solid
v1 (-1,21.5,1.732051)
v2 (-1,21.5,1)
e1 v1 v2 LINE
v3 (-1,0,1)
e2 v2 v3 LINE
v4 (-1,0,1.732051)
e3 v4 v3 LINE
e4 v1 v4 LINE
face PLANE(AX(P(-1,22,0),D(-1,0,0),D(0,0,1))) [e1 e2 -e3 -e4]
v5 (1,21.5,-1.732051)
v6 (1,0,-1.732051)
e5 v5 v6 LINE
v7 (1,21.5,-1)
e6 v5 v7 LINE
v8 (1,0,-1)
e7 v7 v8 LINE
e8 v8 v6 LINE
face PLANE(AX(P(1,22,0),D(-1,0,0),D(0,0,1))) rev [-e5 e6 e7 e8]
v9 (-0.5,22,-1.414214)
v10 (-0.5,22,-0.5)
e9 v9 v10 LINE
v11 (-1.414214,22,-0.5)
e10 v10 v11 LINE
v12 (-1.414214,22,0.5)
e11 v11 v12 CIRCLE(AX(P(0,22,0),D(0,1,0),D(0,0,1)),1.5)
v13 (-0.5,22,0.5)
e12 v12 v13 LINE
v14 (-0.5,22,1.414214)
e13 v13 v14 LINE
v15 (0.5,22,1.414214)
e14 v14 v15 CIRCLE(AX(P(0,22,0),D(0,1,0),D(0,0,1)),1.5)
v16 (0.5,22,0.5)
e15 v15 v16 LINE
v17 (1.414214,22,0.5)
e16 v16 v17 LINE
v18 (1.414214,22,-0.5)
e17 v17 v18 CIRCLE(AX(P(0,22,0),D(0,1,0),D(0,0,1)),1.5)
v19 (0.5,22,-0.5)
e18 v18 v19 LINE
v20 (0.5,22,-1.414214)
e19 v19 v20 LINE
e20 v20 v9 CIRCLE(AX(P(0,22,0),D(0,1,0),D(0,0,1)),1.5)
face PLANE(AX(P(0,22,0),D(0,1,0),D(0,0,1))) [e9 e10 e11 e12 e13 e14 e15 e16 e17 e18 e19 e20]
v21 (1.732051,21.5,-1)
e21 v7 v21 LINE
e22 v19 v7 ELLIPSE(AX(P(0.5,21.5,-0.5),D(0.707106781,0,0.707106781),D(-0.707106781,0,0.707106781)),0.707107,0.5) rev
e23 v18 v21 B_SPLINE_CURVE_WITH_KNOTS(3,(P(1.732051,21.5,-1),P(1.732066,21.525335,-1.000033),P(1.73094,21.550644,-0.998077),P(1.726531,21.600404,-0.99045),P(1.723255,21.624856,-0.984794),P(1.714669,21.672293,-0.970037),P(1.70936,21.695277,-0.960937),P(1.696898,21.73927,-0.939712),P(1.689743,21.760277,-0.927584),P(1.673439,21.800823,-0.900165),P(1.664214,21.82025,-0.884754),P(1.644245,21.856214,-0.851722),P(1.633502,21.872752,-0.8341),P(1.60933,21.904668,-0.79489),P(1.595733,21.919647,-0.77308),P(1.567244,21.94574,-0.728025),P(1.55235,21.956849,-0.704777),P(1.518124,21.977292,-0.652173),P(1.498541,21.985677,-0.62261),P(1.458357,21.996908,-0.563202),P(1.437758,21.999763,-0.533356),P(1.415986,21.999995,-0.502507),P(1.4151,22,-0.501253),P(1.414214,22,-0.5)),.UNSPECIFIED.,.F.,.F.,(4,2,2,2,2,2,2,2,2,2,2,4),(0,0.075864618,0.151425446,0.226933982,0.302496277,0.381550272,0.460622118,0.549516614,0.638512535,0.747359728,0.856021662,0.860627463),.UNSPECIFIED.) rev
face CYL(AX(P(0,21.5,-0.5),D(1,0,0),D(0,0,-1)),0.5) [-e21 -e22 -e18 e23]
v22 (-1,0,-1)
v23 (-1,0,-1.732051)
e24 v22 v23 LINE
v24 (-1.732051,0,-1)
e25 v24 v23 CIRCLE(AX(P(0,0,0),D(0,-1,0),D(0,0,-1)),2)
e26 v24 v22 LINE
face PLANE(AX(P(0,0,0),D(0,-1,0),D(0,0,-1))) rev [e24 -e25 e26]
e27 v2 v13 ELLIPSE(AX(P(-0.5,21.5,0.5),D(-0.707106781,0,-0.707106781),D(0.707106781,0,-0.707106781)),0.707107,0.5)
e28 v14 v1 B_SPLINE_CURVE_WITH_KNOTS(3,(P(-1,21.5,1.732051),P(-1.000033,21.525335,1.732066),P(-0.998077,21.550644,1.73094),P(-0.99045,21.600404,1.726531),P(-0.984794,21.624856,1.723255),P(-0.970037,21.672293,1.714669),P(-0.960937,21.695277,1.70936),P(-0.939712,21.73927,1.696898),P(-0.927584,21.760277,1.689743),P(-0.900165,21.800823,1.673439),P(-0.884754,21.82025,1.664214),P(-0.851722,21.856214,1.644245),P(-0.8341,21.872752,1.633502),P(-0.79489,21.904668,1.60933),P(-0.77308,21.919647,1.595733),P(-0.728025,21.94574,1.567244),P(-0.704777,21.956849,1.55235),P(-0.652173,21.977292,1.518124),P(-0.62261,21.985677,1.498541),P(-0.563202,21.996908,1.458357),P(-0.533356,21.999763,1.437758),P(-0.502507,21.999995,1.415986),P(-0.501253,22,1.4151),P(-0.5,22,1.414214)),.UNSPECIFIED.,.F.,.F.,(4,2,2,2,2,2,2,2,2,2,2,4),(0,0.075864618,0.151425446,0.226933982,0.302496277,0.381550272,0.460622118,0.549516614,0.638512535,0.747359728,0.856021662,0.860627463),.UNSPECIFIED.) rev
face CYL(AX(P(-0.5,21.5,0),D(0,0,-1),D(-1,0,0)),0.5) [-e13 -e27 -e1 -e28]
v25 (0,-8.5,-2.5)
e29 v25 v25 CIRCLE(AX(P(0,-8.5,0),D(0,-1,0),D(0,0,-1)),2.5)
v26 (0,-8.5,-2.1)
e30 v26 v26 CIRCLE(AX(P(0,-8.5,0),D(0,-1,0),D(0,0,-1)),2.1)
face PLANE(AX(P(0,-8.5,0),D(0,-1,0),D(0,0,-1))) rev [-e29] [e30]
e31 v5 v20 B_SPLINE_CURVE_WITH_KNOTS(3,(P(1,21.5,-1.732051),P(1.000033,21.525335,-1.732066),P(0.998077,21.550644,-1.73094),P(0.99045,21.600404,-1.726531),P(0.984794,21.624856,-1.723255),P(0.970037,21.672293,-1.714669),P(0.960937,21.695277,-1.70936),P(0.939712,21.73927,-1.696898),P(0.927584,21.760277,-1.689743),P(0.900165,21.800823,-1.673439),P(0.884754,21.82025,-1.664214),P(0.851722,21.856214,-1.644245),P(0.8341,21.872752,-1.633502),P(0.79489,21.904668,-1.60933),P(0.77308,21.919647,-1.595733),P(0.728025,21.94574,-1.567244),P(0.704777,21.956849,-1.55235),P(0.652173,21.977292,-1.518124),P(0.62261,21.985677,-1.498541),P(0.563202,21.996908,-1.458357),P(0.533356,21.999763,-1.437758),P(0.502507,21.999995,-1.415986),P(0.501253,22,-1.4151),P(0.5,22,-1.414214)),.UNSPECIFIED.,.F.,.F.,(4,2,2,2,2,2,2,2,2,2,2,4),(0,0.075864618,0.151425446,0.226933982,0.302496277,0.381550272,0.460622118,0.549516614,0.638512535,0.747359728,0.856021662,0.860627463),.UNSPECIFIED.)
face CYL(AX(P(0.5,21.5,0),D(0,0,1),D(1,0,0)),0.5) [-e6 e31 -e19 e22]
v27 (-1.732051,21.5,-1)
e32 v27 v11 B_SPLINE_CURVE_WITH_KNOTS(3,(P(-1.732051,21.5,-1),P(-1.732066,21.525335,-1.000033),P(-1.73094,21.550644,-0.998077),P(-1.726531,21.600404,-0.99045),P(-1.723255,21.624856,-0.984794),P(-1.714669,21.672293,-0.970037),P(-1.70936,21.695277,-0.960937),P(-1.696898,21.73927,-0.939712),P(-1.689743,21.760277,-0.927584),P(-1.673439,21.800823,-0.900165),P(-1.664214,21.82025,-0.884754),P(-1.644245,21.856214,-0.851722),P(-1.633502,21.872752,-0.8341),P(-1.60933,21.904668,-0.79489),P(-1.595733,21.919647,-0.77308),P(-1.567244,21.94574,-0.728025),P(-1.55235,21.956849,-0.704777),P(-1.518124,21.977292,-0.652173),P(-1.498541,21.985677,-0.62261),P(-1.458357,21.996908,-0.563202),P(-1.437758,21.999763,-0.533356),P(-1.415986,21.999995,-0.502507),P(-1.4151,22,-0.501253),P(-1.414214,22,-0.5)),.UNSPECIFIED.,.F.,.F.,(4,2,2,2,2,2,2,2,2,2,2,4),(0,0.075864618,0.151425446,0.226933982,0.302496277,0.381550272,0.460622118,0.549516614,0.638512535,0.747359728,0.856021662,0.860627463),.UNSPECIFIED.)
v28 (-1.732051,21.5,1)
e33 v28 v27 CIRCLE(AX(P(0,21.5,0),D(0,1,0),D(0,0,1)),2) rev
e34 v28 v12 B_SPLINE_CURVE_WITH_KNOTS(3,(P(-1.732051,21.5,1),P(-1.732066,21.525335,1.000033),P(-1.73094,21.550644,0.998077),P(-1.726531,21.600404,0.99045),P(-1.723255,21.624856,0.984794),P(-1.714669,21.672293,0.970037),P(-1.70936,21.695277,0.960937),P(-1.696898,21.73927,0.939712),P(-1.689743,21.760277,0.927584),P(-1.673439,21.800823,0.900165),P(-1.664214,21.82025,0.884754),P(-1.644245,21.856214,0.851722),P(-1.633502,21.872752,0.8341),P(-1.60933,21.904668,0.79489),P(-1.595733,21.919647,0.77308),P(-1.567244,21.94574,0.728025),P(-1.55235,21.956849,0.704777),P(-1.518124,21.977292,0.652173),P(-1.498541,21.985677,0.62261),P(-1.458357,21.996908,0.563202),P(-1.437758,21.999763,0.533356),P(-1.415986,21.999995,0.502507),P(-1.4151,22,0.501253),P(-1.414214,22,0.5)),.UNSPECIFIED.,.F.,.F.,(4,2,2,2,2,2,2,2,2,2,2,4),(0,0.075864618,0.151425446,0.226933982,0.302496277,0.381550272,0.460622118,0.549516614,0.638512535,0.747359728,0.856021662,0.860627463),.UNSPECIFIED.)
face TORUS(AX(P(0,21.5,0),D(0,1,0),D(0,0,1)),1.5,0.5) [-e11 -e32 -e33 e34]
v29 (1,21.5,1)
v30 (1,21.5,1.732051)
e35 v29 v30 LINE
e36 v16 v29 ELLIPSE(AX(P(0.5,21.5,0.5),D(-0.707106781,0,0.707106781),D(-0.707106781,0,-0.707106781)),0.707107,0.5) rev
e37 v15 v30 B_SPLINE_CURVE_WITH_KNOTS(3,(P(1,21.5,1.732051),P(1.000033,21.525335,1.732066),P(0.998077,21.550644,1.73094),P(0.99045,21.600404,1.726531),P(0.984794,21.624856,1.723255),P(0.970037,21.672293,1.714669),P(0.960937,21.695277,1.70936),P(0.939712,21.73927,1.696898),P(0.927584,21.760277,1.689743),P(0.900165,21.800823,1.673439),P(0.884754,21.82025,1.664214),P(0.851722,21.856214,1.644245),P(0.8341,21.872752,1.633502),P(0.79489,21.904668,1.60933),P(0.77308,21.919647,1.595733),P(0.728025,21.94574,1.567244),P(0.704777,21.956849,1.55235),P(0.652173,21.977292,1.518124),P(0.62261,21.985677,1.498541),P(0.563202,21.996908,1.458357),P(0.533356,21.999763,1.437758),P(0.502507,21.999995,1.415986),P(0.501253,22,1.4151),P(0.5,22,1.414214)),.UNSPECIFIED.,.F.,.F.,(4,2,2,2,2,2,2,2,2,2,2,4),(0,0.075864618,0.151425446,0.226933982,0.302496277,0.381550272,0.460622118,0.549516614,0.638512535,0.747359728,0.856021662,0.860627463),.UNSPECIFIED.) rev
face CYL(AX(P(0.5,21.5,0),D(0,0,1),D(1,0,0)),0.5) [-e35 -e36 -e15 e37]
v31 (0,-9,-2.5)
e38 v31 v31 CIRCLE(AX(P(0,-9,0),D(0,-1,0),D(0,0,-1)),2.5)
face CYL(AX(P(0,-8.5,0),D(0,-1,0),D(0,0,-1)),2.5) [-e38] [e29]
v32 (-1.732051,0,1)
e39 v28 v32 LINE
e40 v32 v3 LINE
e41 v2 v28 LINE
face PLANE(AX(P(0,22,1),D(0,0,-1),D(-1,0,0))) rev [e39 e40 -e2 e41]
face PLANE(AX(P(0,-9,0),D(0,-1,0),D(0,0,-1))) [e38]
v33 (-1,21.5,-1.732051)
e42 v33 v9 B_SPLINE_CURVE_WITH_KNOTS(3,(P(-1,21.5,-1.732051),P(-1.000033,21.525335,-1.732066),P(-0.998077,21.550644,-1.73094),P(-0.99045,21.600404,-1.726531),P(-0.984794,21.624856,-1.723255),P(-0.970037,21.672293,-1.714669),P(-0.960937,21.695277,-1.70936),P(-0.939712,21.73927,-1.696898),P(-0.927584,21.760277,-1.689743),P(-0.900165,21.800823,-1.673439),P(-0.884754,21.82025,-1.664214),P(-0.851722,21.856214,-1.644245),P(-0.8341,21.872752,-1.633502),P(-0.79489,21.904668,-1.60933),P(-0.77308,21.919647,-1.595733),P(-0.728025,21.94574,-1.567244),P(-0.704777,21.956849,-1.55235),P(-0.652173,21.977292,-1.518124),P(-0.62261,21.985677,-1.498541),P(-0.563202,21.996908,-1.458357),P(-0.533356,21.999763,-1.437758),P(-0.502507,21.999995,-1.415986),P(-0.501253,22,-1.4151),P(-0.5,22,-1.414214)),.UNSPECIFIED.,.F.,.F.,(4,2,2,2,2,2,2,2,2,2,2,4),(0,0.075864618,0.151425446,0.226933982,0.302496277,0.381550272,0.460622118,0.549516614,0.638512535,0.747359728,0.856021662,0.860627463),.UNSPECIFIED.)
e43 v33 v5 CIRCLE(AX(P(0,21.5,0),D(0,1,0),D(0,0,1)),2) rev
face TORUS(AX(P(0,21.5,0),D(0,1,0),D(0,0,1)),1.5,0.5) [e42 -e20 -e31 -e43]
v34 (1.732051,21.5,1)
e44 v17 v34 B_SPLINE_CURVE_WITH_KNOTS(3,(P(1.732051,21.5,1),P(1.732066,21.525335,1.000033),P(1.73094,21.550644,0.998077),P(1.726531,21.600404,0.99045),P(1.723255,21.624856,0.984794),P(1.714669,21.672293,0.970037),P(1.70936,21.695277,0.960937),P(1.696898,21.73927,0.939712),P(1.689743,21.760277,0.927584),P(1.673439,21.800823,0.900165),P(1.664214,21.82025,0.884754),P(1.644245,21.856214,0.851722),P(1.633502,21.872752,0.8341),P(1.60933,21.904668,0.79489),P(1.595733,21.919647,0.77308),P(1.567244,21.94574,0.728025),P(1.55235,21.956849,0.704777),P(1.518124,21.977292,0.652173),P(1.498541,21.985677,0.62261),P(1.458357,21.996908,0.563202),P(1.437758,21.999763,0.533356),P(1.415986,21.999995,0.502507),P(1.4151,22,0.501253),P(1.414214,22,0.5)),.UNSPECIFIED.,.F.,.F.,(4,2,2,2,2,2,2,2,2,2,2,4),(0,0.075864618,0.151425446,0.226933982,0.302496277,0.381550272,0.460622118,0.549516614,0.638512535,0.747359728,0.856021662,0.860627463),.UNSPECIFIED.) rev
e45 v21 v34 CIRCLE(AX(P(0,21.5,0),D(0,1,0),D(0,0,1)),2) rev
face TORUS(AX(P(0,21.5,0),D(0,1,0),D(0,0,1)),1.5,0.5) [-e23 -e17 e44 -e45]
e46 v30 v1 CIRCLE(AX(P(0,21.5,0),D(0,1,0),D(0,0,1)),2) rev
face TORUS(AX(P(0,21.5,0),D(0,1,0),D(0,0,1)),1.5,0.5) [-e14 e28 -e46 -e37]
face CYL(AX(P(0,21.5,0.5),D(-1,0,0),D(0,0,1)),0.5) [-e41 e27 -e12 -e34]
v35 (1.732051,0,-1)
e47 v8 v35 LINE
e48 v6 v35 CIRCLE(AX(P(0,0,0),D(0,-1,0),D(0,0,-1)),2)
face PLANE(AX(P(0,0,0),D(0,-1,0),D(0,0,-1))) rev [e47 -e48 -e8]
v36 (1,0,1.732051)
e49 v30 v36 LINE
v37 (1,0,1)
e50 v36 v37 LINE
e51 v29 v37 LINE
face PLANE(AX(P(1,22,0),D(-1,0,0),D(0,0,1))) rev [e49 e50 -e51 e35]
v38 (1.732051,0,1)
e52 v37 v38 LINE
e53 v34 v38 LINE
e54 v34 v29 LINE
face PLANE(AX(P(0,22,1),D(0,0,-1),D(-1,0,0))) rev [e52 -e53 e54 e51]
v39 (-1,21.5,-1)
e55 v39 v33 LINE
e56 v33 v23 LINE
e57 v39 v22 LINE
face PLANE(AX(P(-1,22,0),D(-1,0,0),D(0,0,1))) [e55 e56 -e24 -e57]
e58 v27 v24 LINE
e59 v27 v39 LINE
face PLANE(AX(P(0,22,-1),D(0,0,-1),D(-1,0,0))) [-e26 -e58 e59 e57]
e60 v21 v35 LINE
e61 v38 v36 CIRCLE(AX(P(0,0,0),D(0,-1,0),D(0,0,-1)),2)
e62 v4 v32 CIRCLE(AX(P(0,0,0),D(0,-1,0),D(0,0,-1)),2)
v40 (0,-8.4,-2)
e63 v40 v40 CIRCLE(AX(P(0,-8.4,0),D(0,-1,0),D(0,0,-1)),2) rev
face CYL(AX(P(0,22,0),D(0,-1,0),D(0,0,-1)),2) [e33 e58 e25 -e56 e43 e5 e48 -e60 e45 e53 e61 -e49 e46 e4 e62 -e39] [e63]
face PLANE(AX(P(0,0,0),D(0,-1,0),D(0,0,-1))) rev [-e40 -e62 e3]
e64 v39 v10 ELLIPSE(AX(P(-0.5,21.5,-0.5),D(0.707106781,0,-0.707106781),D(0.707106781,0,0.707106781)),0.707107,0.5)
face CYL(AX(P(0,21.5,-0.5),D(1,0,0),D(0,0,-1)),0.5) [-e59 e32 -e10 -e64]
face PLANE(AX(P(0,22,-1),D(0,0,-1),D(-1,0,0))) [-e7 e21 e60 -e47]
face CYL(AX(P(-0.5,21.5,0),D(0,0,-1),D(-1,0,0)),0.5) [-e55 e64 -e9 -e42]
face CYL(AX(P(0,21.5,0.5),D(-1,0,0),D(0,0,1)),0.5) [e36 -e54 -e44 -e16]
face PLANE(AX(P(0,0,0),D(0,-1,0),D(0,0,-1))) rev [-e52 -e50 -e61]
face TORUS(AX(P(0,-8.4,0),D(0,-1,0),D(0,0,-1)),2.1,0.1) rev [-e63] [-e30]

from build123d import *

# Parameters (mm, degrees)
SKETCH1_W           = 2
SKETCH1_H           = 0.732050808
SKETCH1_W_2         = 0.732050808
SKETCH1_H_2         = 2
BOSS_EXTRUDE1_DEPTH = 22
SKETCH2_R           = 2
BOSS_EXTRUDE2_DEPTH = 9
SKETCH3_R           = 2.5
BOSS_EXTRUDE3_DEPTH = 0.5
FILLET1_R           = 0.5
FILLET2_R           = 0.1


with BuildPart() as part:
    # Sketch1 → Boss-Extrude1 (new body)
    with BuildSketch(Plane(origin=(0, 0, 0), x_dir=(1, 0, 0), z_dir=(0, 1, 0))):
        with BuildLine():
            Line((-1, 1.732050808), (1, 1.732050808))
            ThreePointArc((1, 1.732050808), (0, 2), (-1, 1.732050808))
        make_face()
        with Locations((0, 1.366025404)):
            Rectangle(SKETCH1_W, SKETCH1_H)
        with BuildLine():
            Line((1.732050808, -1), (1.732050808, 1))
            ThreePointArc((1.732050808, 1), (2, 0), (1.732050808, -1))
        make_face()
        with Locations((1.366025404, 0)):
            Rectangle(SKETCH1_W_2, SKETCH1_H_2)
        Rectangle(SKETCH1_W, SKETCH1_H_2)
        with Locations((-1.366025404, 0)):
            Rectangle(SKETCH1_W_2, SKETCH1_H_2)
        with BuildLine():
            Line((-1.732050808, -1), (-1.732050808, 1))
            ThreePointArc((-1.732050808, 1), (-2, 0), (-1.732050808, -1))
        make_face()
        with Locations((0, -1.366025404)):
            Rectangle(SKETCH1_W, SKETCH1_H)
        with BuildLine():
            Line((-1, -1.732050808), (1, -1.732050808))
            ThreePointArc((1, -1.732050808), (0, -2), (-1, -1.732050808))
        make_face()
    extrude(amount=BOSS_EXTRUDE1_DEPTH)

    # Sketch2 → Boss-Extrude2 (add)
    with BuildSketch(Plane.XZ):
        with Locations(Location((0, 0, 0), (0, 0, 270))):
            Circle(SKETCH2_R)
    extrude(amount=BOSS_EXTRUDE2_DEPTH)

    # Sketch3 → Boss-Extrude3 (add)
    with BuildSketch(Plane.XZ.offset(9)):
        with Locations(Location((0, 0, 0), (0, 0, 270))):
            Circle(SKETCH3_R)
    extrude(amount=-BOSS_EXTRUDE3_DEPTH)

    # Fillet1
    fillet1_edges = [part.edges().sort_by_distance(p)[0] for p in [
        (-1, 22, -1.366025404),
        (-1.366025404, 22, -1),
        (-2, 22, 0),
        (-1.366025404, 22, 1),
        (-1, 22, 1.366025404),
        (0, 22, 2),
        (1, 22, 1.366025404),
        (1.366025404, 22, 1),
        (0, 22, -2),
        (2, 22, 0),
        (1.366025404, 22, -1),
        (1, 22, -1.366025404),
    ]]
    fillet(fillet1_edges, radius=FILLET1_R)

    # Fillet2
    fillet2_edges = [part.edges().sort_by_distance(p)[0] for p in [
        (0, -8.5, 2),
    ]]
    fillet(fillet2_edges, radius=FILLET2_R)


solid = part.part
